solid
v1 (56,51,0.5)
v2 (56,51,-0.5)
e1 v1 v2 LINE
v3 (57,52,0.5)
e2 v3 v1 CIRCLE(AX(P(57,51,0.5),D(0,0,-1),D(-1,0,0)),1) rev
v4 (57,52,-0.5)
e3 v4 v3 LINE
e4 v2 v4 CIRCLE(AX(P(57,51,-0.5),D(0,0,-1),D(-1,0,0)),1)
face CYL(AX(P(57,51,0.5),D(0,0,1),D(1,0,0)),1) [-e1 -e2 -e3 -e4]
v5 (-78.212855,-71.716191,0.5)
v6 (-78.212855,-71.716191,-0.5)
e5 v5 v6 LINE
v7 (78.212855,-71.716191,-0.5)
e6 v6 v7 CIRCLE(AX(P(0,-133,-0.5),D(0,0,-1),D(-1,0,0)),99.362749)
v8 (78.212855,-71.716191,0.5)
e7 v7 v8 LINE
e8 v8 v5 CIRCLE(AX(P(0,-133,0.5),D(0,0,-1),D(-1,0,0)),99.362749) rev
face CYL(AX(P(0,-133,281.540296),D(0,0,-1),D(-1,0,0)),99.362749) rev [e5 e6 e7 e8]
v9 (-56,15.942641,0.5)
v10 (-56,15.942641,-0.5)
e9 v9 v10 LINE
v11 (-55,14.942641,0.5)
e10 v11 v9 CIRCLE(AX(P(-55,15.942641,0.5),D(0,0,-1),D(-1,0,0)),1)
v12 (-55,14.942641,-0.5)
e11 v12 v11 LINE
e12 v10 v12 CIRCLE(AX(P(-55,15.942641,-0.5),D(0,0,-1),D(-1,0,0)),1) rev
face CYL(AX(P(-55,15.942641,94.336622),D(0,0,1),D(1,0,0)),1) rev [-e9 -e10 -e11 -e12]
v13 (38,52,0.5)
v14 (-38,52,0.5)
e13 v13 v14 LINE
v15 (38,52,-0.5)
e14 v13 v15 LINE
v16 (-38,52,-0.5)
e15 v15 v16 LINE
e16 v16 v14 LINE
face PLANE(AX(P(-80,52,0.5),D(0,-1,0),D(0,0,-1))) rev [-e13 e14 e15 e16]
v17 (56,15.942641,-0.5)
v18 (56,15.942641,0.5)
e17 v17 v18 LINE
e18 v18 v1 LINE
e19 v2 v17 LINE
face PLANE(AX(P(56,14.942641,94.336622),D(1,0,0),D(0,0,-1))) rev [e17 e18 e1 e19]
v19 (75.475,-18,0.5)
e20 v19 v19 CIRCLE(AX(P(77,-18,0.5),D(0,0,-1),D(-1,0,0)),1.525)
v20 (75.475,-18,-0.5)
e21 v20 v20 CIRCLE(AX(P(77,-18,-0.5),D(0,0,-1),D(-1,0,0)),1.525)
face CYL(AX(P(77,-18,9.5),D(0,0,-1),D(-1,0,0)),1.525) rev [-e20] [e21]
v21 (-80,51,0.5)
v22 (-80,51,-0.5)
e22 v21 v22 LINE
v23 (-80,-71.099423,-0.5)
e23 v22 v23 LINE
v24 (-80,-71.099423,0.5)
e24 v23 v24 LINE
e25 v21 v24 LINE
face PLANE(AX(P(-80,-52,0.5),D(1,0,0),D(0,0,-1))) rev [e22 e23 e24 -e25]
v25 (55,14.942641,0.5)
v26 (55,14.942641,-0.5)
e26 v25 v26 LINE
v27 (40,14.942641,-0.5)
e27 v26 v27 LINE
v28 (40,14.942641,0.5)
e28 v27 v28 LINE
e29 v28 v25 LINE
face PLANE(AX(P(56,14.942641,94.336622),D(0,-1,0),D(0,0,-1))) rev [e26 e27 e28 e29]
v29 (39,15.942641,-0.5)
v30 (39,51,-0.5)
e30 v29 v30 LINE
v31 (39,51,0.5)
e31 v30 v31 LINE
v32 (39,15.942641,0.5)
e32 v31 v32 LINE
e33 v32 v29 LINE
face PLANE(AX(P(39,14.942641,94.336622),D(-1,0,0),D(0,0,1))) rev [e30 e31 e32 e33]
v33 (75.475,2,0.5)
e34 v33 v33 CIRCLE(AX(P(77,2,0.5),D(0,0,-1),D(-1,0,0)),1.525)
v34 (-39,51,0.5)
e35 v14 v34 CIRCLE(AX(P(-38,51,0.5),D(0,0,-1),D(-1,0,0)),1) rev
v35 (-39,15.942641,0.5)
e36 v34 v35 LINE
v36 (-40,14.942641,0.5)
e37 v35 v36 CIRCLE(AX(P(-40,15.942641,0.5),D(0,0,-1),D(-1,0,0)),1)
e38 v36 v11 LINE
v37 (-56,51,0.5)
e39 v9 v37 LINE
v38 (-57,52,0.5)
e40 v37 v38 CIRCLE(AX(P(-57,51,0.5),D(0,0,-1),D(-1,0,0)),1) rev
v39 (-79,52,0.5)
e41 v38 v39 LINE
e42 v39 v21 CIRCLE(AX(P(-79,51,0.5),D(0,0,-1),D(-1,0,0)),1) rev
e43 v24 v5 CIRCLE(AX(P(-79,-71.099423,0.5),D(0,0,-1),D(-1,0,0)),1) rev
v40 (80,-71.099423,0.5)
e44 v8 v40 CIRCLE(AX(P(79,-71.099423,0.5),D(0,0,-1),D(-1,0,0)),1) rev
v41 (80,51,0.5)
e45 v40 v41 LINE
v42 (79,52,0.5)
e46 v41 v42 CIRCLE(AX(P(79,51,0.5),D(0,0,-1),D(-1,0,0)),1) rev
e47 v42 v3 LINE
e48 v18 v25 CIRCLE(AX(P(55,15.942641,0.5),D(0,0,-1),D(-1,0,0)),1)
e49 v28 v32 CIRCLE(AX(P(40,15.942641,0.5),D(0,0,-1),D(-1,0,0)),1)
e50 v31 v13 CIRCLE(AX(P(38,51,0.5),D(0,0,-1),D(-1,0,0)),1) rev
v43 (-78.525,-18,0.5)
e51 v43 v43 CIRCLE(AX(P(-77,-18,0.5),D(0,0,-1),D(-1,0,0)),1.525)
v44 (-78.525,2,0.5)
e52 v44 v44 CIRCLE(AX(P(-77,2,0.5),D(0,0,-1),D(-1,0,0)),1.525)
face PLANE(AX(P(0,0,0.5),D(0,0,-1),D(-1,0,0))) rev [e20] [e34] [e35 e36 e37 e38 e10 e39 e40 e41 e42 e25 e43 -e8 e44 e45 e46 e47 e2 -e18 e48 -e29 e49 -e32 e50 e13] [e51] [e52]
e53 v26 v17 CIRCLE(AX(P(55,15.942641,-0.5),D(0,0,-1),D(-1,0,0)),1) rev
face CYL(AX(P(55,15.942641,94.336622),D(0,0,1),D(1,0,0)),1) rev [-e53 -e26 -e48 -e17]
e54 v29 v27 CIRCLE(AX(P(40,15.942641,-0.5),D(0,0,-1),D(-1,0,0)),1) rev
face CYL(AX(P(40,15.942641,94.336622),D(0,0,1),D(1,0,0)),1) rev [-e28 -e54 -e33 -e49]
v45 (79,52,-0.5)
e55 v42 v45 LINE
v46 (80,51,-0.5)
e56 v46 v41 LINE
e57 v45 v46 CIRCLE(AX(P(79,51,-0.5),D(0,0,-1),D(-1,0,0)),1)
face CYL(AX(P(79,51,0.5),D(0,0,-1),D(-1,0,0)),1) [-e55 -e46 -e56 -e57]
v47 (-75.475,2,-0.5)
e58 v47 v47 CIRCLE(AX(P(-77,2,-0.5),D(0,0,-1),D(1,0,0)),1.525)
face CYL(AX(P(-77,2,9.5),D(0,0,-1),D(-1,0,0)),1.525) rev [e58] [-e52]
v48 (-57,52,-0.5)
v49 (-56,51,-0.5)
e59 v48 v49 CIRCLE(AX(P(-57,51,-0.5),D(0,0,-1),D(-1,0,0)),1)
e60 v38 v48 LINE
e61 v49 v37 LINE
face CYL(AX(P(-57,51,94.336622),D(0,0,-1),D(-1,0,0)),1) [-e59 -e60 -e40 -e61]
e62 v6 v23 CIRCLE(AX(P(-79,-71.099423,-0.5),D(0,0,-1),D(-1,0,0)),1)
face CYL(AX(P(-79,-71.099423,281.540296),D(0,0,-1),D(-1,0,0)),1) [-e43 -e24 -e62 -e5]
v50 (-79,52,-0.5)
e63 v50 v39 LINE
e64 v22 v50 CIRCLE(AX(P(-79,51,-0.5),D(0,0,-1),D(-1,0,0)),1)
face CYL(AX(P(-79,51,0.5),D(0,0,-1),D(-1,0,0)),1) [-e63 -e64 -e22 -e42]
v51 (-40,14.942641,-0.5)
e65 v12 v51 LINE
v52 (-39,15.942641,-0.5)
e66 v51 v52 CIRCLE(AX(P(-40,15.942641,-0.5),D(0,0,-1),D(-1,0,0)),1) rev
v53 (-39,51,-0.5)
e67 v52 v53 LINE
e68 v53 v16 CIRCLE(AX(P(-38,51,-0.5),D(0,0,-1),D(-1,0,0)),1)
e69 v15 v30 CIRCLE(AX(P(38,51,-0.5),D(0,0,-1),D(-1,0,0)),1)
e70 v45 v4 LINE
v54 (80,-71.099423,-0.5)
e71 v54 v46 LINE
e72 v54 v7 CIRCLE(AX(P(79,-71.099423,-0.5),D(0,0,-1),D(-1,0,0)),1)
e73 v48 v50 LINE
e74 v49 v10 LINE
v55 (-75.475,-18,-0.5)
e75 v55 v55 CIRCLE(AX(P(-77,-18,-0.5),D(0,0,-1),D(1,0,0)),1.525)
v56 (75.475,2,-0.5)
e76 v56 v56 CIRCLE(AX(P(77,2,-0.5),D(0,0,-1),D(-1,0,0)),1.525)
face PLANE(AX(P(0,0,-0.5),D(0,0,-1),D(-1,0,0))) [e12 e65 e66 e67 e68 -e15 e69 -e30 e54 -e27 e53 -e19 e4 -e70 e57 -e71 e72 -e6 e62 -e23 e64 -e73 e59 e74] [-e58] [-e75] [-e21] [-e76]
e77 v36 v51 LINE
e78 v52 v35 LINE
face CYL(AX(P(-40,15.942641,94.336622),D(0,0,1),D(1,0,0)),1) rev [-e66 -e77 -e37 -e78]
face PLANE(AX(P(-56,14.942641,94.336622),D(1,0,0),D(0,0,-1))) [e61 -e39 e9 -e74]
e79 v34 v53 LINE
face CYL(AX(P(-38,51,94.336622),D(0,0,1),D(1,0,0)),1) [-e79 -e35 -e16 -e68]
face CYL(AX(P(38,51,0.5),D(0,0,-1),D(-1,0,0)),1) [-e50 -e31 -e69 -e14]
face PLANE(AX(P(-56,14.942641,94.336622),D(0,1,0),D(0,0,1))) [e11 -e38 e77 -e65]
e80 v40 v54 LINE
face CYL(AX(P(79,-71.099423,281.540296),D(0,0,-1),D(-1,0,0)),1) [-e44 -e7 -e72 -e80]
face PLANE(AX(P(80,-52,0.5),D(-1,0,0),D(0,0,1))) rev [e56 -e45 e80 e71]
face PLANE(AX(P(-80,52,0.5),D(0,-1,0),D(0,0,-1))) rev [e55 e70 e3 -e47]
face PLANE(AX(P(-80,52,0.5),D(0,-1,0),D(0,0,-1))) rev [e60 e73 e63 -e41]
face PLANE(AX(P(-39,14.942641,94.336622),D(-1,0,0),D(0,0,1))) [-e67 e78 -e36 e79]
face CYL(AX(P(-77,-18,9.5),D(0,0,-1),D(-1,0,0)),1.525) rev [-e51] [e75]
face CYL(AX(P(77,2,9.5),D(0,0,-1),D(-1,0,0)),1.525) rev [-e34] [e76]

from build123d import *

# Parameters (mm, degrees)
SKETCH_1_W           = 160
SKETCH_1_H           = 104
EXTRUDE_1_DEPTH      = 0.5
SKETCH_12_R          = 99.362749495
CUT_EXTRUDE_6_DEPTH  = 1
EXTRUDE_3_DEPTH      = 1
SKETCH_17_W          = 17
SKETCH_17_H          = 92.283863988
CUT_EXTRUDE_9_DEPTH  = 1
SKETCH_21_R          = 1.525
CUT_EXTRUDE_14_DEPTH = 10
FILLET_4_R           = 1


with BuildPart() as part:
    # 草图1 → 凸台-拉伸1 (new, symmetric)
    with BuildSketch(Plane.XY):
        Rectangle(SKETCH_1_W, SKETCH_1_H)
    extrude(amount=EXTRUDE_1_DEPTH, both=True)

    # 草图12 → 切除-拉伸6 (cut)
    with BuildSketch(Plane(origin=(0, 0, -0.5), x_dir=(-1, 0, 0), z_dir=(0, 0, -1))):
        with Locations((0, -133)):
            Circle(SKETCH_12_R)
    extrude(amount=-CUT_EXTRUDE_6_DEPTH, mode=Mode.SUBTRACT)

    # 草图13 → 凸台-拉伸3 (add)
    with BuildSketch(Plane(origin=(0, 0, -0.5), x_dir=(-1, 0, 0), z_dir=(0, 0, -1))):
        with BuildLine():
            Line((80, -52), (80, -74.068209027))
            ThreePointArc((80, -74.068209027), (69.654320002, -62.139350184), (57.549595892, -52))
            Line((57.549595892, -52), (80, -52))
        make_face()
    extrude_3 = extrude(amount=-EXTRUDE_3_DEPTH)

    # 镜向2: 凸台-拉伸3 across plane
    add(extrude_3.mirror(Plane(origin=(0, 0, 0), x_dir=(0, 0, 1), z_dir=(1, 0, 0))))

    # 草图17 → 切除-拉伸9 (cut)
    with BuildSketch(Plane(origin=(0, 0, -0.5), x_dir=(-1, 0, 0), z_dir=(0, 0, -1))):
        with Locations((-47.5, 61.084572681)):
            Rectangle(SKETCH_17_W, SKETCH_17_H)
    cut_extrude_9 = extrude(amount=-CUT_EXTRUDE_9_DEPTH, mode=Mode.SUBTRACT)

    # 镜向4: 切除-拉伸9 across plane
    add(cut_extrude_9.mirror(Plane(origin=(0, 0, 0), x_dir=(0, 0, 1), z_dir=(1, 0, 0))), mode=Mode.SUBTRACT)

    # 草图21 → 切除-拉伸14 (cut)
    with BuildSketch(Plane(origin=(0, 0, -0.5), x_dir=(-1, 0, 0), z_dir=(0, 0, -1))):
        with Locations((-77, 2)):
            Circle(SKETCH_21_R)
        with Locations((-77, -18)):
            Circle(SKETCH_21_R)
        with Locations((77, -18)):
            Circle(SKETCH_21_R)
        with Locations((77, 2)):
            Circle(SKETCH_21_R)
    extrude(amount=-CUT_EXTRUDE_14_DEPTH, mode=Mode.SUBTRACT)

    # 圆角4
    fillet_4_edges = [part.edges().sort_by_distance(p)[0] for p in [
        (-80, -74.068209027, 0),
        (80, -74.068209027, 0),
        (39, 52, 0),
        (56, 52, 0),
        (56, 14.942640687, 0),
        (39, 14.942640687, 0),
        (-39, 14.942640687, 0),
        (-56, 14.942640687, 0),
        (-56, 52, 0),
        (-39, 52, 0),
        (-80, 52, 0),
        (80, 52, 0),
    ]]
    fillet(fillet_4_edges, radius=FILLET_4_R)


solid = part.part
